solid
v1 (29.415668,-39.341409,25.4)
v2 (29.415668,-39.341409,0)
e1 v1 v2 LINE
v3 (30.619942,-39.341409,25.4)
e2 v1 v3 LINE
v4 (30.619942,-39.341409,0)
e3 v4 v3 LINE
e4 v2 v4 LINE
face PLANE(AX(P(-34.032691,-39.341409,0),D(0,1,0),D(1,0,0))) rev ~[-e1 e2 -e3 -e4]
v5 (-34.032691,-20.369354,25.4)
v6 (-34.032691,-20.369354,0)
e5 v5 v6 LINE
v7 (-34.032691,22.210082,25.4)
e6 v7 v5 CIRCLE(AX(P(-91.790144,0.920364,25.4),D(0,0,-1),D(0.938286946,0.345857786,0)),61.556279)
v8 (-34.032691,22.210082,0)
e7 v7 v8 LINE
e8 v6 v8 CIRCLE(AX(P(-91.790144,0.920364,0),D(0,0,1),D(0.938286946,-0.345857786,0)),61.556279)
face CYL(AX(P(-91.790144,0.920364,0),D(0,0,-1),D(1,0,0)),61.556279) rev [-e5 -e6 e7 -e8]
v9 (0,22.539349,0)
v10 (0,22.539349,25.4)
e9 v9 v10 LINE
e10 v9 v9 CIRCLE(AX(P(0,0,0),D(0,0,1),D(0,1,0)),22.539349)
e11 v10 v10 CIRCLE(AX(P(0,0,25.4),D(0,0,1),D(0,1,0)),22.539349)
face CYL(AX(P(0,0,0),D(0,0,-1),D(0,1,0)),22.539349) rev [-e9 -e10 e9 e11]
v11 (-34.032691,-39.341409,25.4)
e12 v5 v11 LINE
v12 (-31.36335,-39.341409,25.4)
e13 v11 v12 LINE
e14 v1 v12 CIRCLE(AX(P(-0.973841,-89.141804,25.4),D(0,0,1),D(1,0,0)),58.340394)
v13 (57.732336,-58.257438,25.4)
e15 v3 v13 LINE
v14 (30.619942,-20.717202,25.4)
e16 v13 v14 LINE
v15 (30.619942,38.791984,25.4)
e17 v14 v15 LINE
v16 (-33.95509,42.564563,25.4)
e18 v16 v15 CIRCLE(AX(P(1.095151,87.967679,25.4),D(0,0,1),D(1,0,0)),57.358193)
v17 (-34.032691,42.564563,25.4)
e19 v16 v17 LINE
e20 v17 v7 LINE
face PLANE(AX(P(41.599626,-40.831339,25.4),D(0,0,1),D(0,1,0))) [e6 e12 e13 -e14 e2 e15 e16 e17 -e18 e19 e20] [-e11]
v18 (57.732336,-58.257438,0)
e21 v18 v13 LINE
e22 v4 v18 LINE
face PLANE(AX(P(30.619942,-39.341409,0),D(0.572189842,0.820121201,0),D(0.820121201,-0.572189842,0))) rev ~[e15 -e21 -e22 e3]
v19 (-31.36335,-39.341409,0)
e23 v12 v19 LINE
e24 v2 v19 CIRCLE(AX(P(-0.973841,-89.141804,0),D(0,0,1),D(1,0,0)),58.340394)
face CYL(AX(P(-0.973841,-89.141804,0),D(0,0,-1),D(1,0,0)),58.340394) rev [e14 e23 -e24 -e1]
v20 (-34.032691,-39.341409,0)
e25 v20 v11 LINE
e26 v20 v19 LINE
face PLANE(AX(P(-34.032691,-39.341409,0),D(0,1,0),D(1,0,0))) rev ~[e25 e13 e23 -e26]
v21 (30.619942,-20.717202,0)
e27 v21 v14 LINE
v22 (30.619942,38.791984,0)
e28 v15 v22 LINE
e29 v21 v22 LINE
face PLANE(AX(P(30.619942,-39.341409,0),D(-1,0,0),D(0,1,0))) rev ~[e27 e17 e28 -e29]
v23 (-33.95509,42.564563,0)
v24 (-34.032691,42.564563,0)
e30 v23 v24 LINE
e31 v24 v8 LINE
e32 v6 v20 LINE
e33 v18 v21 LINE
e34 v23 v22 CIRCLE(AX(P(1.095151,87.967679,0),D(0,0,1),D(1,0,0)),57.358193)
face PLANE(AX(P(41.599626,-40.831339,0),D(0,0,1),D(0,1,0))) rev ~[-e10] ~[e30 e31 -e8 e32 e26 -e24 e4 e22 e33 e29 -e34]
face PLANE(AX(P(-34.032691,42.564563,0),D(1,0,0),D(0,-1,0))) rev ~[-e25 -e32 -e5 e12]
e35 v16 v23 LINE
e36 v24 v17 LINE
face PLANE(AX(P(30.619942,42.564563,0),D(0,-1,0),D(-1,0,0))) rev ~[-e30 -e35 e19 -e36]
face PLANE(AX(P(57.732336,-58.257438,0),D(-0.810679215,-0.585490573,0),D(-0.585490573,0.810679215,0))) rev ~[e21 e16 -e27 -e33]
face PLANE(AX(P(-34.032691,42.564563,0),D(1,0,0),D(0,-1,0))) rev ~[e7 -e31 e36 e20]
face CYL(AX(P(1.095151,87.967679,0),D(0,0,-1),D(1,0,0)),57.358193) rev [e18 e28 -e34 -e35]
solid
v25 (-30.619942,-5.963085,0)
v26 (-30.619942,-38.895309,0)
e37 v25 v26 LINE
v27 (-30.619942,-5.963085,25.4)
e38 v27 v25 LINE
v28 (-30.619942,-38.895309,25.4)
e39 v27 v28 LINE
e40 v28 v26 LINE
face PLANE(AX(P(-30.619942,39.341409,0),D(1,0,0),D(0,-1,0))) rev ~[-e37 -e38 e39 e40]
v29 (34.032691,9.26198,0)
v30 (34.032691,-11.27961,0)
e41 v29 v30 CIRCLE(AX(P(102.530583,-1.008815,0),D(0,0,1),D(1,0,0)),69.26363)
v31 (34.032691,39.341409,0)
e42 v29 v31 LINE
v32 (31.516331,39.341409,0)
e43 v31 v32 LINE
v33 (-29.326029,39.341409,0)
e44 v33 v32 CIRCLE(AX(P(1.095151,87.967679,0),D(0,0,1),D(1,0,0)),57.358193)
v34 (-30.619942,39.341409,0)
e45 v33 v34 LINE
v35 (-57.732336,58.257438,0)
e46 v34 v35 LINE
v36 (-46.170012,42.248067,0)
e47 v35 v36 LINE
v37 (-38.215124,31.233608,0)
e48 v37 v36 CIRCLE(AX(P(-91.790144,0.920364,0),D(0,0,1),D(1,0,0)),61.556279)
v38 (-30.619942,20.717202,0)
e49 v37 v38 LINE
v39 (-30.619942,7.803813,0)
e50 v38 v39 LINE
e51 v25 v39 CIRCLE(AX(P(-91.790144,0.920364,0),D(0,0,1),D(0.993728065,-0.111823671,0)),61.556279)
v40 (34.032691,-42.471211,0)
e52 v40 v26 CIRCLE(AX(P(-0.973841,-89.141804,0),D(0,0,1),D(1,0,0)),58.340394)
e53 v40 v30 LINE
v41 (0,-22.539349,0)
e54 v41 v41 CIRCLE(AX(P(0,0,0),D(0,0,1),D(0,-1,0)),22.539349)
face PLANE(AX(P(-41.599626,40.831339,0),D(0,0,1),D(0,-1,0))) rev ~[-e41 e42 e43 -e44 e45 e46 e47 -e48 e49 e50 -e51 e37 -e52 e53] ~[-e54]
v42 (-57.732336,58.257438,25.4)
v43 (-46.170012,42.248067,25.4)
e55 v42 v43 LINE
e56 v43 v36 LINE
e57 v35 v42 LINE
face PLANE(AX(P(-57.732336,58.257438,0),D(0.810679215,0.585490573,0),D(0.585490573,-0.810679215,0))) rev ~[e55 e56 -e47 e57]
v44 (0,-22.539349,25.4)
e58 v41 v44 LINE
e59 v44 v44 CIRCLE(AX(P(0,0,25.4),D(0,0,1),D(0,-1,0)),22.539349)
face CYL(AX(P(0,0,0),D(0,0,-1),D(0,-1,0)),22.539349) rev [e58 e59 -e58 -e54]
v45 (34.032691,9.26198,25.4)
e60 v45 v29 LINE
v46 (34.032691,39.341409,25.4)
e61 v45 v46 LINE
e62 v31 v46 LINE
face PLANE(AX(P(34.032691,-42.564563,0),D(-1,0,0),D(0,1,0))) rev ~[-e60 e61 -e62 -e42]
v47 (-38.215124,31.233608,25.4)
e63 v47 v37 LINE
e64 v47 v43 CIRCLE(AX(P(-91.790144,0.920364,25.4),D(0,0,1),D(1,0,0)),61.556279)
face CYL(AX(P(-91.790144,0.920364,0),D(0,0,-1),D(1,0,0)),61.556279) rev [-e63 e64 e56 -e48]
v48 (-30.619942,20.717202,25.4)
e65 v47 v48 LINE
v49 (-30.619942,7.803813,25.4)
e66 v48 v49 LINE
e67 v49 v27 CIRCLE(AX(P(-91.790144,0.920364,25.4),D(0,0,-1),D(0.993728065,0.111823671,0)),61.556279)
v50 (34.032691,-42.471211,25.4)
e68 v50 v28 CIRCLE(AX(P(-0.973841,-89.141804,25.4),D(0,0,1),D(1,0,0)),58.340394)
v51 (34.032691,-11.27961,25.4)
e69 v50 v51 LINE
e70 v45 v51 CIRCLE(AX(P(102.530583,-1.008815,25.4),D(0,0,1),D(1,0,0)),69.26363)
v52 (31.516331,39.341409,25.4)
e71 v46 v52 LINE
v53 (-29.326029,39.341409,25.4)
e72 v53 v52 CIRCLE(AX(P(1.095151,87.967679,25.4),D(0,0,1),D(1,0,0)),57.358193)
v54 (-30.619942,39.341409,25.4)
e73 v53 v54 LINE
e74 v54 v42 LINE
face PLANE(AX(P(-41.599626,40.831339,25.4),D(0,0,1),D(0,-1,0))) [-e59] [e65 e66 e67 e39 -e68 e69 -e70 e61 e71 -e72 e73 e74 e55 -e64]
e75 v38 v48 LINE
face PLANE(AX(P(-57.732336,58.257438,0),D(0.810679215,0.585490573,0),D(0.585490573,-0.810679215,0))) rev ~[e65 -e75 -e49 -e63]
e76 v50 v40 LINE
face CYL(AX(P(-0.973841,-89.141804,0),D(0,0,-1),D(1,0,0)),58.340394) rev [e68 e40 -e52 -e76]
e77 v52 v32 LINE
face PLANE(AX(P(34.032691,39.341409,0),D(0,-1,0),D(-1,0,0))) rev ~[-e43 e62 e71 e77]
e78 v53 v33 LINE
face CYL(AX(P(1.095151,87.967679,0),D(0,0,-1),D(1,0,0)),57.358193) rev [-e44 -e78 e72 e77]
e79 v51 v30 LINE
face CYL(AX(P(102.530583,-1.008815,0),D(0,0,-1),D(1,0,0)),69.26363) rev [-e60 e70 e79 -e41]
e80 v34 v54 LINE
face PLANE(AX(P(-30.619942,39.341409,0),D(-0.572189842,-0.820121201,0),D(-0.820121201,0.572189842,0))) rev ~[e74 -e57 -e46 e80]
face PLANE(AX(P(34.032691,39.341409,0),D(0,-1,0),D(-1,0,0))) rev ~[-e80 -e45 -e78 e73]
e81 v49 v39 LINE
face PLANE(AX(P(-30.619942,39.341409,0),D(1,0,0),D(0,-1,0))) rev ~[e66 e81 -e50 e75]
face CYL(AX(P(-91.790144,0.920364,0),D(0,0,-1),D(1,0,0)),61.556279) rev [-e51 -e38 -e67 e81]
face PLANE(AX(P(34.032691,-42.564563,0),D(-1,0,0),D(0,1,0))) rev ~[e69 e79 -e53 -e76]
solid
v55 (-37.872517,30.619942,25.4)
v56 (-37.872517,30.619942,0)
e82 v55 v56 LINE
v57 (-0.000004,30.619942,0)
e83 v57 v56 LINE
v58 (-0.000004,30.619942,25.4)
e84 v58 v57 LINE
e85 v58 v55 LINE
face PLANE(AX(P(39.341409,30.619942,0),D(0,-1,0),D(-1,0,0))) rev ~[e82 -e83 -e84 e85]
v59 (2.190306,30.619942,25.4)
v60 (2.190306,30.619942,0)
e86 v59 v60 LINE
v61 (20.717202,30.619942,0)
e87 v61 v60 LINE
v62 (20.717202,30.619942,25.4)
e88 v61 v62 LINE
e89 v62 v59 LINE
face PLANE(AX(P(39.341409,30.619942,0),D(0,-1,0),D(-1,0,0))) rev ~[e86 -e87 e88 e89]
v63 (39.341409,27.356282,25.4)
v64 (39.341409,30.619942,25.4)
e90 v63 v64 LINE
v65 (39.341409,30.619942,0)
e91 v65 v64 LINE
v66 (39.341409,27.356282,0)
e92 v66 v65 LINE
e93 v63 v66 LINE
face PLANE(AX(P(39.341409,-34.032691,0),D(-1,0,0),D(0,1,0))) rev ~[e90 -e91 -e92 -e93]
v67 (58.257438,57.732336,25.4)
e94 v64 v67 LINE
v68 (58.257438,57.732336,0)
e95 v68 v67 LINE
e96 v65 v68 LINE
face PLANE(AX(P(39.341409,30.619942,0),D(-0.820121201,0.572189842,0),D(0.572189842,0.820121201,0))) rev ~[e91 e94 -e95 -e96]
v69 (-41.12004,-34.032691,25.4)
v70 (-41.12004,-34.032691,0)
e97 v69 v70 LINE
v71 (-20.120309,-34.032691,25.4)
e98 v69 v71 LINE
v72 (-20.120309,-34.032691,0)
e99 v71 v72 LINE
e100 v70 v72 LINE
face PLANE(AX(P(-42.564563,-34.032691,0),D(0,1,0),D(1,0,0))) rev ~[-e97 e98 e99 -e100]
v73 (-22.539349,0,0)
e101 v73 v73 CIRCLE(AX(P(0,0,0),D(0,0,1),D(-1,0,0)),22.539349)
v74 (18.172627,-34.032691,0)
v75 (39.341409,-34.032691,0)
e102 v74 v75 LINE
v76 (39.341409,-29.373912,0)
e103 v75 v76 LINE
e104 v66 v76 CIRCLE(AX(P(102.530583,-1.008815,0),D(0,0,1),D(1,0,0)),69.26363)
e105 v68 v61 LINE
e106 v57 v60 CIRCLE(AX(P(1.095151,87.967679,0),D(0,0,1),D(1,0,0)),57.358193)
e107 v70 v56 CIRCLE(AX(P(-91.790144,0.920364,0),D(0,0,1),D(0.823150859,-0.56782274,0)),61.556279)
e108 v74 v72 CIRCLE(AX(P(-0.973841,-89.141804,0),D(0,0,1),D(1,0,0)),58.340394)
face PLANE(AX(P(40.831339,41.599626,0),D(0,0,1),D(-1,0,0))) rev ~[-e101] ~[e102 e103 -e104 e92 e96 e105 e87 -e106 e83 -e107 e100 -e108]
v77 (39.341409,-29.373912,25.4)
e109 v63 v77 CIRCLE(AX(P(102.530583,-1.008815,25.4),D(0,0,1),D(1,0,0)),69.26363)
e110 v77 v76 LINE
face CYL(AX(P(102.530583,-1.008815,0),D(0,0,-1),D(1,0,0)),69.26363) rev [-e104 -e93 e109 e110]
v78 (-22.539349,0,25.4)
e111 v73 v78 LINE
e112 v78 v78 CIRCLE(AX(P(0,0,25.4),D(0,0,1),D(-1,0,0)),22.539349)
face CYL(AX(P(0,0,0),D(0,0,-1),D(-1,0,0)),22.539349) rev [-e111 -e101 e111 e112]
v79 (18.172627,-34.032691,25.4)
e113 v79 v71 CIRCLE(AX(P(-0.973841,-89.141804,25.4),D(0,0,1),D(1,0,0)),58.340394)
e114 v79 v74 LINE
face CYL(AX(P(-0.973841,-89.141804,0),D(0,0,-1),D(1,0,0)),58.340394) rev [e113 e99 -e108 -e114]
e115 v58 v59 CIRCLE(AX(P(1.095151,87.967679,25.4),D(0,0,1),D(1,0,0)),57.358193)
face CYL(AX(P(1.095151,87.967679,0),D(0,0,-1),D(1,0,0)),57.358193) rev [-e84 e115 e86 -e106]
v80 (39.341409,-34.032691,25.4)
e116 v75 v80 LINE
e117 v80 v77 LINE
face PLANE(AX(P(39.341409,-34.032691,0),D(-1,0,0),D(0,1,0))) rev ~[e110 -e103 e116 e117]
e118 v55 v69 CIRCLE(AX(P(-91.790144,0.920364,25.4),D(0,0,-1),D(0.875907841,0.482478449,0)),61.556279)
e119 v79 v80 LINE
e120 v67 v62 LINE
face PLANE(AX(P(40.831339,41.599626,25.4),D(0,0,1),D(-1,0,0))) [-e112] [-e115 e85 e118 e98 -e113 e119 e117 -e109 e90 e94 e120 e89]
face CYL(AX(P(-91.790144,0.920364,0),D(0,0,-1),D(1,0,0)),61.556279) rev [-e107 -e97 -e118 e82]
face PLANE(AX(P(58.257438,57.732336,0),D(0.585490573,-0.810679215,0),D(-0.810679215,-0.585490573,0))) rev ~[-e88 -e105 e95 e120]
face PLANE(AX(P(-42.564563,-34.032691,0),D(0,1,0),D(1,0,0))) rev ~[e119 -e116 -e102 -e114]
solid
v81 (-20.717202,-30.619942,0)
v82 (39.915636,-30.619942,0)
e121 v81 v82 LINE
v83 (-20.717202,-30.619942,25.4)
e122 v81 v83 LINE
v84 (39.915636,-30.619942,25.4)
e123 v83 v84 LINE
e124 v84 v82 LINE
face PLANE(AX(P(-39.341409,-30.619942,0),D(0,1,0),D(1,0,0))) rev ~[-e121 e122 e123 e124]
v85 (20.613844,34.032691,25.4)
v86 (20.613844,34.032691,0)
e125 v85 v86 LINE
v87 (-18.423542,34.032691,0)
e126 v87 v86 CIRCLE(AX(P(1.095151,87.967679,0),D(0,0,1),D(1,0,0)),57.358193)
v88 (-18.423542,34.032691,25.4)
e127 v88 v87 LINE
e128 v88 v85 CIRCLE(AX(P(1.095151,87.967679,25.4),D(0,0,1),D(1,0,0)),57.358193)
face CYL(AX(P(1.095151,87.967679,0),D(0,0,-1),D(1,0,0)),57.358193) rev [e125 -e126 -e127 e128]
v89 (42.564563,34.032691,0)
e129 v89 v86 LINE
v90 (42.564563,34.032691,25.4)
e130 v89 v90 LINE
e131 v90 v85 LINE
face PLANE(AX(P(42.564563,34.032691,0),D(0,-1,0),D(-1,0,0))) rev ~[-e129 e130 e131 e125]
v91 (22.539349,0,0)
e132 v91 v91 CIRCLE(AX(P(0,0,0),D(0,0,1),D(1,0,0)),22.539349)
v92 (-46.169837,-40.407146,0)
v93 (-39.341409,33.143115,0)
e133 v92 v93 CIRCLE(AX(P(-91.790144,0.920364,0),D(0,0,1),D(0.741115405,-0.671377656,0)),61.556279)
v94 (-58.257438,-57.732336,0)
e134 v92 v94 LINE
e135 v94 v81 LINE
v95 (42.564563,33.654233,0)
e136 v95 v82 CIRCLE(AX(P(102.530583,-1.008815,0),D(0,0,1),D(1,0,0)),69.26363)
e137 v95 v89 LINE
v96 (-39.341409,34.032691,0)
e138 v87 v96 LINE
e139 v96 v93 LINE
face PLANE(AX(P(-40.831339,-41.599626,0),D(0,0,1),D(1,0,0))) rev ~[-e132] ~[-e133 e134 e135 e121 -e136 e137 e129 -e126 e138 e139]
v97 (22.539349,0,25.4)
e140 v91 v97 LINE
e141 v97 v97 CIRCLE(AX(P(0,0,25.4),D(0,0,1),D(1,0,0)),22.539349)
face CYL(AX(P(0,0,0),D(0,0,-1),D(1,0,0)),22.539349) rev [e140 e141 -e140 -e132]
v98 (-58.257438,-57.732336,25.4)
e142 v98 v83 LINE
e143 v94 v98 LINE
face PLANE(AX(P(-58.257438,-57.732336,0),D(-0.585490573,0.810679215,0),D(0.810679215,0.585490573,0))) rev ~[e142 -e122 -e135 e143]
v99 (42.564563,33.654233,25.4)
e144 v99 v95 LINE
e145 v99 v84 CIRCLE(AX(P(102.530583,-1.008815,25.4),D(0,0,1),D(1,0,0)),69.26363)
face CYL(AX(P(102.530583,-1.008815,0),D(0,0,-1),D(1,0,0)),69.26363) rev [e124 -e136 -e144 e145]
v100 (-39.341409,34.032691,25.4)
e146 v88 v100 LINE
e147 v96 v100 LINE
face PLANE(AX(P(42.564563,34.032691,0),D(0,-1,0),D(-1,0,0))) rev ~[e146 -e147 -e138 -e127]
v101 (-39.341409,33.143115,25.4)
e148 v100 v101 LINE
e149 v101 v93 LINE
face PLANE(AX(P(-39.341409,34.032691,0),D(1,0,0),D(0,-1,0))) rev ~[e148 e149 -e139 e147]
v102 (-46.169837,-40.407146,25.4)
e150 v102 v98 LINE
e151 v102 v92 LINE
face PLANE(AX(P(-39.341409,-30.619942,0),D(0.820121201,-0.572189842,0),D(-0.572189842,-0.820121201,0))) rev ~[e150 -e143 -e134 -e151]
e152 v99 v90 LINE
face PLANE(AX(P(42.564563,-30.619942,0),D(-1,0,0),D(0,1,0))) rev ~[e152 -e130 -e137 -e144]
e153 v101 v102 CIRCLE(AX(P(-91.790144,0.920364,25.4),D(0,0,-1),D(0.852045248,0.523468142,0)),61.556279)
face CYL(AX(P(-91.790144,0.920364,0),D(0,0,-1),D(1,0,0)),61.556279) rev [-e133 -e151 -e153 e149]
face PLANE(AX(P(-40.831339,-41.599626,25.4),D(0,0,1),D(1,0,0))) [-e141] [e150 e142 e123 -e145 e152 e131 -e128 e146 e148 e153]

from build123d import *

# Parameters (mm, degrees)
F0_R     = 22.539349
F1_DEPTH = 25.4
F2_DEPTH = 25.4
F4_COUNT = 4
F5_R     = 57.358193
F5_R_2   = 61.556279
F5_R_3   = 69.26363
F5_R_4   = 58.340394
F6_DEPTH = 25.4


with BuildPart() as f1:
    # F0 (on Top) → F1 (new body)
    with BuildSketch(Plane.XY):
        Polygon((42.564563, 34.032691), (-39.341409, 34.032691), (-39.341409, -30.619942), (-20.717202, -30.619942), (42.564563, -30.619942), align=None)
        Circle(F0_R, mode=Mode.SUBTRACT)
    extrude(amount=F1_DEPTH)

    # F0 (on Top) → F2 (join)
    with BuildSketch(Plane.XY):
        Polygon((-20.717202, -30.619942), (-39.341409, -30.619942), (-58.257438, -57.732336), align=None)
    extrude(amount=F2_DEPTH)


with BuildPart() as f4_1:
    # F4: instance of F1
    add(f1.part.rotate(Axis((0, 0, 12.371215), (0, 0, 1)), 1 * 360 / F4_COUNT))


with BuildPart() as f4_2:
    # F4: instance of F1
    add(f1.part.rotate(Axis((0, 0, 12.371215), (0, 0, 1)), 2 * 360 / F4_COUNT))


with BuildPart() as f4_3:
    # F4: instance of F1
    add(f1.part.rotate(Axis((0, 0, 12.371215), (0, 0, 1)), 3 * 360 / F4_COUNT))


with BuildPart() as f6_tool:
    # F5 (on Top) → F6 (new body)
    with BuildSketch(Plane.XY):
        with Locations((1.095151, 87.967679)):
            Circle(F5_R)
        with Locations((-91.790144, 0.920364)):
            Circle(F5_R_2)
        with Locations((102.530583, -1.008815)):
            Circle(F5_R_3)
        with Locations((-0.973841, -89.141804)):
            Circle(F5_R_4)
    extrude(amount=F6_DEPTH)


with BuildPart() as f1_1:
    add(f1.part)

    # F6: cut by f6_tool
    add(f6_tool.part, mode=Mode.SUBTRACT)


with BuildPart() as f4_1_1:
    add(f4_1.part)

    # F6: cut by f6_tool
    add(f6_tool.part, mode=Mode.SUBTRACT)


with BuildPart() as f4_2_1:
    add(f4_2.part)

    # F6: cut by f6_tool
    add(f6_tool.part, mode=Mode.SUBTRACT)


with BuildPart() as f4_3_1:
    add(f4_3.part)

    # F6: cut by f6_tool
    add(f6_tool.part, mode=Mode.SUBTRACT)


solid = Compound([f1_1.part, f4_1_1.part, f4_2_1.part, f4_3_1.part])
